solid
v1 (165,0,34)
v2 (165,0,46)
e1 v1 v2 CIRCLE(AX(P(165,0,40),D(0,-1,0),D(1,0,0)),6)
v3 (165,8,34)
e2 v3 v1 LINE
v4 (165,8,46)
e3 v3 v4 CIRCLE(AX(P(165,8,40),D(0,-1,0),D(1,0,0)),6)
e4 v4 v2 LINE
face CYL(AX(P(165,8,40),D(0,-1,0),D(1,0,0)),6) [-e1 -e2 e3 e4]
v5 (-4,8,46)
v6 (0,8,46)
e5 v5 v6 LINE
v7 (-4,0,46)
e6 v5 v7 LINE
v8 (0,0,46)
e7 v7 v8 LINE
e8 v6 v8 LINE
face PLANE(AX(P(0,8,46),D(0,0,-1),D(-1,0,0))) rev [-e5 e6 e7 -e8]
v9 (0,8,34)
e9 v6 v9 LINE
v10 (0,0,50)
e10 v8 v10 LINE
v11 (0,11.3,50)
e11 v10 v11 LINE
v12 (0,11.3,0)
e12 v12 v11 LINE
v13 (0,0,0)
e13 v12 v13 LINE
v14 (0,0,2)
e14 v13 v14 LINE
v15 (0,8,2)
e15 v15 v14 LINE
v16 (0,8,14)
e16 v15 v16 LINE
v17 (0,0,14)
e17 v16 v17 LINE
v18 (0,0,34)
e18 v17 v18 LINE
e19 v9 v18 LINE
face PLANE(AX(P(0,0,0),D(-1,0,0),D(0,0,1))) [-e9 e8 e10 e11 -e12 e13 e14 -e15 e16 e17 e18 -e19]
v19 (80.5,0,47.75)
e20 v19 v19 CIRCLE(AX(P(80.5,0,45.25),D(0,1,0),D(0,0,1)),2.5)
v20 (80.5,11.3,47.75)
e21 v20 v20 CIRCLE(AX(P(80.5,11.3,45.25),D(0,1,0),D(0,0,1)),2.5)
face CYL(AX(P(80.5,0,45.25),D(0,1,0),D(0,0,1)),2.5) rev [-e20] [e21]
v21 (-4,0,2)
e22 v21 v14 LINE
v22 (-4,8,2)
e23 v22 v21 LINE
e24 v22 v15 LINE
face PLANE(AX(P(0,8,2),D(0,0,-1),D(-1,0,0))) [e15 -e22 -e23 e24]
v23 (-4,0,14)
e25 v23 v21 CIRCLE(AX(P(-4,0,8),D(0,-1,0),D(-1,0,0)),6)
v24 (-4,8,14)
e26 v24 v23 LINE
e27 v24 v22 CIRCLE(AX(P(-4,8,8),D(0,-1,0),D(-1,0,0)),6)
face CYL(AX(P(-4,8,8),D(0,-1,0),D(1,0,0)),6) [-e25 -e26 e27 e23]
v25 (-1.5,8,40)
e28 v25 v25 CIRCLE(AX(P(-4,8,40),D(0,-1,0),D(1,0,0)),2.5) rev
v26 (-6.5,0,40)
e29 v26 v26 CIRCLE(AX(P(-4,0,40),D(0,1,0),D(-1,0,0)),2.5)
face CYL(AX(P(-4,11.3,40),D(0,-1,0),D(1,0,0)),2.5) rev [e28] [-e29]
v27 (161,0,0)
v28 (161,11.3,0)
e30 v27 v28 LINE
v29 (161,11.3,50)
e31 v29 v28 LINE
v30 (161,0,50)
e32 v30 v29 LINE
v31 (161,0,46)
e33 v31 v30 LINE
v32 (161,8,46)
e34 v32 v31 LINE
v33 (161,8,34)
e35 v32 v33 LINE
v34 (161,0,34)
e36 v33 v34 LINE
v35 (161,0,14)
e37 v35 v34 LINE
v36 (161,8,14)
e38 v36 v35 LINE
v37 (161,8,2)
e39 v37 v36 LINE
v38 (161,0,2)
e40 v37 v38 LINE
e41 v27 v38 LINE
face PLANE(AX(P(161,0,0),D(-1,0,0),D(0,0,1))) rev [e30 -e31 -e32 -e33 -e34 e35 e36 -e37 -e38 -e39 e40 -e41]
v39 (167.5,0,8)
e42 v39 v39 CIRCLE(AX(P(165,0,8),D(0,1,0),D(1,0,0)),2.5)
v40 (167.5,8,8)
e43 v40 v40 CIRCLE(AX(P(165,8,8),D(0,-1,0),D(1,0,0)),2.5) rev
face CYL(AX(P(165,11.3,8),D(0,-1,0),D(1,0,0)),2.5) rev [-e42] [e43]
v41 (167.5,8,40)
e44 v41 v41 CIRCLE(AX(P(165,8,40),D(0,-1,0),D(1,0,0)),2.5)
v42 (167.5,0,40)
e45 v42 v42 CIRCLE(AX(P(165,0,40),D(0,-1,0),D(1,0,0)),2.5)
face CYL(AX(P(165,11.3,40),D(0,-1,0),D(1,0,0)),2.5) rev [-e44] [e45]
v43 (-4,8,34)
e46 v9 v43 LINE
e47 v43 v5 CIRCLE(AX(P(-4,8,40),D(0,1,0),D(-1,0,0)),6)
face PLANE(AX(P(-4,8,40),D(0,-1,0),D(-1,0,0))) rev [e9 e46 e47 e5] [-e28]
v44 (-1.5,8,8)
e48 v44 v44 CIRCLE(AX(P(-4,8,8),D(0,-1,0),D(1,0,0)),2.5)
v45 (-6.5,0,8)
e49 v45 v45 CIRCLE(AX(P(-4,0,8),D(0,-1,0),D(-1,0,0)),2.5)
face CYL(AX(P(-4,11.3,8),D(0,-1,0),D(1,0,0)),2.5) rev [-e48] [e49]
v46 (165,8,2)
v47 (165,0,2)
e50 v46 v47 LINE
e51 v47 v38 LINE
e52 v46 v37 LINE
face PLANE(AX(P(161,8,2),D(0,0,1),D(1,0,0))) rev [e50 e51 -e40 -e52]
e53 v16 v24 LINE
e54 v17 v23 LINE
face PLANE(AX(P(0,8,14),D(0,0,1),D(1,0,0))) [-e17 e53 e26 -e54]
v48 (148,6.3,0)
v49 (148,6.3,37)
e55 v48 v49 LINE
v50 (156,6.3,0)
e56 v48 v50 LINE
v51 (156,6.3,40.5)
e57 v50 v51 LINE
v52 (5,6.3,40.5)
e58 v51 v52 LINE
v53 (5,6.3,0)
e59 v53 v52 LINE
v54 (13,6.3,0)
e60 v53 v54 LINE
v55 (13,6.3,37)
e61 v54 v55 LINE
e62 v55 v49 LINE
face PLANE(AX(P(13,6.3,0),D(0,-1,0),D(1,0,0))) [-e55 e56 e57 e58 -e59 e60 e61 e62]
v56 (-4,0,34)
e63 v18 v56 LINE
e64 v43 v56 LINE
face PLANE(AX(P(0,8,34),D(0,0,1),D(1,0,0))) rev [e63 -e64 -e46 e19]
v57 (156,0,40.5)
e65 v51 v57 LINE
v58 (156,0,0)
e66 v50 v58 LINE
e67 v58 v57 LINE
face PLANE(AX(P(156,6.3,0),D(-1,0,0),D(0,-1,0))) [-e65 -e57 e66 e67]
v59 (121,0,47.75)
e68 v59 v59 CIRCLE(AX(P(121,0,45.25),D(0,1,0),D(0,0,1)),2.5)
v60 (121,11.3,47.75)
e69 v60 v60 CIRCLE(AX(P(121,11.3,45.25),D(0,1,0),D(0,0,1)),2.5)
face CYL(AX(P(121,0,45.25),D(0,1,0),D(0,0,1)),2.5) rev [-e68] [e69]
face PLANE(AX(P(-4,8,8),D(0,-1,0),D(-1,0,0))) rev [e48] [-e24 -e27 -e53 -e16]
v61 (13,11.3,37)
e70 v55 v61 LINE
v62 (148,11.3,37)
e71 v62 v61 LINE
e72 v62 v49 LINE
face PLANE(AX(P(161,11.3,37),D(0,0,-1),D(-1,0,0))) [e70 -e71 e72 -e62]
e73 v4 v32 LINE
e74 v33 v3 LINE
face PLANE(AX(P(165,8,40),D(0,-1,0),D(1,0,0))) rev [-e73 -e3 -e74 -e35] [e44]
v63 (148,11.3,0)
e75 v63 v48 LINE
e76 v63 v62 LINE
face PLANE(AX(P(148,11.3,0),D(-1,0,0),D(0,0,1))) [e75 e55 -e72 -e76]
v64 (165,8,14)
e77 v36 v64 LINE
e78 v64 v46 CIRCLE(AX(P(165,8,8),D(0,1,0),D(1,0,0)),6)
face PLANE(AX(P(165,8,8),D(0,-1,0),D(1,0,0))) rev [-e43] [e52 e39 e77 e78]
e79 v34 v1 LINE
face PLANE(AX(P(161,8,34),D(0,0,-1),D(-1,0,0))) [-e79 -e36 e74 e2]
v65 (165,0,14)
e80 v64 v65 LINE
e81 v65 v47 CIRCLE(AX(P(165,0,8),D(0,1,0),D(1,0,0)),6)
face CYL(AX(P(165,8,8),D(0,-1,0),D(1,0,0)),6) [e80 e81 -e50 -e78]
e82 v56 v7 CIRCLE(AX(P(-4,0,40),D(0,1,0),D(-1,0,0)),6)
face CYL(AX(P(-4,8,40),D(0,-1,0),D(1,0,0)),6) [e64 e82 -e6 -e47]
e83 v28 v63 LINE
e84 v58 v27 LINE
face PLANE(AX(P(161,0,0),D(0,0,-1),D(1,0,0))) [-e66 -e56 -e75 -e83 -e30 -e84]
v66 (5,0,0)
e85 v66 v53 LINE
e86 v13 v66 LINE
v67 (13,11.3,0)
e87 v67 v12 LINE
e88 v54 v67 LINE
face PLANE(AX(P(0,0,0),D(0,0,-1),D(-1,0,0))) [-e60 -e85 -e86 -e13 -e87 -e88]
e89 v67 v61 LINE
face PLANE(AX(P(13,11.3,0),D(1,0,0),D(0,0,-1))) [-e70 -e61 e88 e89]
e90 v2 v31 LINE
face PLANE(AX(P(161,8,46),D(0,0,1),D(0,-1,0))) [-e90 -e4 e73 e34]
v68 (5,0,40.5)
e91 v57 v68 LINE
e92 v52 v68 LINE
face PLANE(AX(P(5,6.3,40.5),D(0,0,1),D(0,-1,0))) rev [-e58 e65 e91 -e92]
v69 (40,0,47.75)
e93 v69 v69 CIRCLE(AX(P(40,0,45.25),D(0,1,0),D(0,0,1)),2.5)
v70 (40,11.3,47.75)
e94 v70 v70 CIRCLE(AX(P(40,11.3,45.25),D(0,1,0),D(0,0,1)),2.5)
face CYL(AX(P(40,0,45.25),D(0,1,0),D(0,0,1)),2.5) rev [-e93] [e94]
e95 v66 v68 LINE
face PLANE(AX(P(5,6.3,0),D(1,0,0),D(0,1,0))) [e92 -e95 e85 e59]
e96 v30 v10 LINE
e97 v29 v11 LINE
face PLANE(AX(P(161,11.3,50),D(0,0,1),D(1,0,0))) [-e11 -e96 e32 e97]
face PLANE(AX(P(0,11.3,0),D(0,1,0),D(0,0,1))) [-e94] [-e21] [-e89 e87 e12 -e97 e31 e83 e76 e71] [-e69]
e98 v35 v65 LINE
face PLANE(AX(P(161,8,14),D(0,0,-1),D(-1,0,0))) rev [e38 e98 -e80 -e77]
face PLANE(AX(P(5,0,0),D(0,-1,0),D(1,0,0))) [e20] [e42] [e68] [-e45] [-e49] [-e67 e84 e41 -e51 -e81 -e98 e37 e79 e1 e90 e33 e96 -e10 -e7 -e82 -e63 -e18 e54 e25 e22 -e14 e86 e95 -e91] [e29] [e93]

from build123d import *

# Parameters (mm, degrees)
CROQUIS4_W                = 13
CROQUIS4_H                = 11.3
SALIENTE_EXTRUIR1_DEPTH   = 161
CROQUIS5_W                = 151
CROQUIS5_H                = 3.5
CORTAR_EXTRUIR1_DEPTH     = 6.3
SALIENTE_EXTRUIR3_DEPTH   = 8
CROQUIS9_R                = 2.5
CORTAR_EXTRUIR3_DEPTH     = 179.518038304
SIMETR_A8_COPY_1_DEPTH    = 8
SIMETR_A8_COPY_2_SKETCH_R = 2.5
SIMETR_A8_COPY_2_DEPTH    = 179.518038304
CROQUIS10_R               = 2.5
CORTAR_EXTRUIR4_DEPTH     = 179.518038304
MATRIZL1_COUNT            = 3
MATRIZL1_PITCH            = 40.5


with BuildPart() as part:
    # Barrer1: sweep along a path in Croquis3
    with BuildLine(Plane(origin=(0, 0, 0), x_dir=(1, 0, 0), z_dir=(0, 1, 0))) as barrer1_path:
        Line((0, 0), (0, -37))
    # Croquis1 → Barrer1 (sweep)
    with BuildSketch(Plane.XY):
        Polygon((0, 0), (0, 11.3), (13, 11.3), (13, 6.3), (5, 6.3), (5, 0), align=None)
    barrer1 = sweep(path=barrer1_path.line)

    # Croquis4 → Saliente-Extruir1 (add)
    with BuildSketch(Plane.ZY):
        with Locations((43.5, 5.65)):
            Rectangle(CROQUIS4_W, CROQUIS4_H)
    extrude(amount=-SALIENTE_EXTRUIR1_DEPTH)

    # Simetría5: Barrer1 across plane
    add(barrer1.mirror(Plane.ZY.offset(-80.5)))

    # Croquis5 → Cortar-Extruir1 (cut)
    with BuildSketch(Plane.XZ):
        with Locations((80.5, 38.75)):
            Rectangle(CROQUIS5_W, CROQUIS5_H)
    extrude(amount=-CORTAR_EXTRUIR1_DEPTH, mode=Mode.SUBTRACT)

    # Croquis8 → Saliente-Extruir3 (add)
    with BuildSketch(Plane.XZ):
        with BuildLine():
            Line((161, 46), (165, 46))
            ThreePointArc((165, 46), (171, 40), (165, 34))
            Line((165, 34), (161, 34))
            Line((161, 34), (161, 46))
        make_face()
    saliente_extruir3 = extrude(amount=-SALIENTE_EXTRUIR3_DEPTH)

    # Croquis9 → Cortar-Extruir3 (cut, through all)
    with BuildSketch(Plane.XZ):
        with Locations((165, 40)):
            Circle(CROQUIS9_R)
    cortar_extruir3 = extrude(amount=-CORTAR_EXTRUIR3_DEPTH, mode=Mode.SUBTRACT)

    # Simetría7: Saliente-Extruir3, Cortar-Extruir3 across plane
    add(saliente_extruir3.mirror(Plane(origin=(0, 0, 24), x_dir=(1, 0, 0), z_dir=(0, 0, -1))))
    add(cortar_extruir3.mirror(Plane(origin=(0, 0, 24), x_dir=(1, 0, 0), z_dir=(0, 0, -1))), mode=Mode.SUBTRACT)

    # Simetría8: Saliente-Extruir3, Cortar-Extruir3 across plane
    add(saliente_extruir3.mirror(Plane.ZY.offset(-80.5)))
    add(cortar_extruir3.mirror(Plane.ZY.offset(-80.5)), mode=Mode.SUBTRACT)

    # Simetría8 copy 1 sketch → Simetría8 copy 1 (add)
    with BuildSketch(Plane(origin=(161, 0, 48), x_dir=(-1, 0, 0), z_dir=(0, -1, 0))):
        with BuildLine():
            Line((161, 46), (165, 46))
            ThreePointArc((165, 46), (171, 40), (165, 34))
            Line((165, 34), (161, 34))
            Line((161, 34), (161, 46))
        make_face()
    extrude(amount=-SIMETR_A8_COPY_1_DEPTH)

    # Simetría8 copy 2 sketch → Simetría8 copy 2 (cut, through all)
    with BuildSketch(Plane(origin=(161, 0, 48), x_dir=(-1, 0, 0), z_dir=(0, -1, 0))):
        with Locations((165, 40)):
            Circle(SIMETR_A8_COPY_2_SKETCH_R)
    extrude(amount=-SIMETR_A8_COPY_2_DEPTH, mode=Mode.SUBTRACT)

    # Croquis10 → Cortar-Extruir4 (cut, through all)
    with BuildSketch(Plane(origin=(0, 11.3, 0), x_dir=(1, 0, 0), z_dir=(0, 1, 0))):
        with Locations(Location((121, -45.25, 0), (0, 0, 270))):
            Circle(CROQUIS10_R)
    cortar_extruir4 = extrude(amount=-CORTAR_EXTRUIR4_DEPTH, mode=Mode.SUBTRACT)

    # MatrizL1: Cortar-Extruir4 ×3
    with Locations(*[(-i * MATRIZL1_PITCH, 0, 0) for i in range(1, MATRIZL1_COUNT)]):
        add(cortar_extruir4, mode=Mode.SUBTRACT)


solid = part.part
